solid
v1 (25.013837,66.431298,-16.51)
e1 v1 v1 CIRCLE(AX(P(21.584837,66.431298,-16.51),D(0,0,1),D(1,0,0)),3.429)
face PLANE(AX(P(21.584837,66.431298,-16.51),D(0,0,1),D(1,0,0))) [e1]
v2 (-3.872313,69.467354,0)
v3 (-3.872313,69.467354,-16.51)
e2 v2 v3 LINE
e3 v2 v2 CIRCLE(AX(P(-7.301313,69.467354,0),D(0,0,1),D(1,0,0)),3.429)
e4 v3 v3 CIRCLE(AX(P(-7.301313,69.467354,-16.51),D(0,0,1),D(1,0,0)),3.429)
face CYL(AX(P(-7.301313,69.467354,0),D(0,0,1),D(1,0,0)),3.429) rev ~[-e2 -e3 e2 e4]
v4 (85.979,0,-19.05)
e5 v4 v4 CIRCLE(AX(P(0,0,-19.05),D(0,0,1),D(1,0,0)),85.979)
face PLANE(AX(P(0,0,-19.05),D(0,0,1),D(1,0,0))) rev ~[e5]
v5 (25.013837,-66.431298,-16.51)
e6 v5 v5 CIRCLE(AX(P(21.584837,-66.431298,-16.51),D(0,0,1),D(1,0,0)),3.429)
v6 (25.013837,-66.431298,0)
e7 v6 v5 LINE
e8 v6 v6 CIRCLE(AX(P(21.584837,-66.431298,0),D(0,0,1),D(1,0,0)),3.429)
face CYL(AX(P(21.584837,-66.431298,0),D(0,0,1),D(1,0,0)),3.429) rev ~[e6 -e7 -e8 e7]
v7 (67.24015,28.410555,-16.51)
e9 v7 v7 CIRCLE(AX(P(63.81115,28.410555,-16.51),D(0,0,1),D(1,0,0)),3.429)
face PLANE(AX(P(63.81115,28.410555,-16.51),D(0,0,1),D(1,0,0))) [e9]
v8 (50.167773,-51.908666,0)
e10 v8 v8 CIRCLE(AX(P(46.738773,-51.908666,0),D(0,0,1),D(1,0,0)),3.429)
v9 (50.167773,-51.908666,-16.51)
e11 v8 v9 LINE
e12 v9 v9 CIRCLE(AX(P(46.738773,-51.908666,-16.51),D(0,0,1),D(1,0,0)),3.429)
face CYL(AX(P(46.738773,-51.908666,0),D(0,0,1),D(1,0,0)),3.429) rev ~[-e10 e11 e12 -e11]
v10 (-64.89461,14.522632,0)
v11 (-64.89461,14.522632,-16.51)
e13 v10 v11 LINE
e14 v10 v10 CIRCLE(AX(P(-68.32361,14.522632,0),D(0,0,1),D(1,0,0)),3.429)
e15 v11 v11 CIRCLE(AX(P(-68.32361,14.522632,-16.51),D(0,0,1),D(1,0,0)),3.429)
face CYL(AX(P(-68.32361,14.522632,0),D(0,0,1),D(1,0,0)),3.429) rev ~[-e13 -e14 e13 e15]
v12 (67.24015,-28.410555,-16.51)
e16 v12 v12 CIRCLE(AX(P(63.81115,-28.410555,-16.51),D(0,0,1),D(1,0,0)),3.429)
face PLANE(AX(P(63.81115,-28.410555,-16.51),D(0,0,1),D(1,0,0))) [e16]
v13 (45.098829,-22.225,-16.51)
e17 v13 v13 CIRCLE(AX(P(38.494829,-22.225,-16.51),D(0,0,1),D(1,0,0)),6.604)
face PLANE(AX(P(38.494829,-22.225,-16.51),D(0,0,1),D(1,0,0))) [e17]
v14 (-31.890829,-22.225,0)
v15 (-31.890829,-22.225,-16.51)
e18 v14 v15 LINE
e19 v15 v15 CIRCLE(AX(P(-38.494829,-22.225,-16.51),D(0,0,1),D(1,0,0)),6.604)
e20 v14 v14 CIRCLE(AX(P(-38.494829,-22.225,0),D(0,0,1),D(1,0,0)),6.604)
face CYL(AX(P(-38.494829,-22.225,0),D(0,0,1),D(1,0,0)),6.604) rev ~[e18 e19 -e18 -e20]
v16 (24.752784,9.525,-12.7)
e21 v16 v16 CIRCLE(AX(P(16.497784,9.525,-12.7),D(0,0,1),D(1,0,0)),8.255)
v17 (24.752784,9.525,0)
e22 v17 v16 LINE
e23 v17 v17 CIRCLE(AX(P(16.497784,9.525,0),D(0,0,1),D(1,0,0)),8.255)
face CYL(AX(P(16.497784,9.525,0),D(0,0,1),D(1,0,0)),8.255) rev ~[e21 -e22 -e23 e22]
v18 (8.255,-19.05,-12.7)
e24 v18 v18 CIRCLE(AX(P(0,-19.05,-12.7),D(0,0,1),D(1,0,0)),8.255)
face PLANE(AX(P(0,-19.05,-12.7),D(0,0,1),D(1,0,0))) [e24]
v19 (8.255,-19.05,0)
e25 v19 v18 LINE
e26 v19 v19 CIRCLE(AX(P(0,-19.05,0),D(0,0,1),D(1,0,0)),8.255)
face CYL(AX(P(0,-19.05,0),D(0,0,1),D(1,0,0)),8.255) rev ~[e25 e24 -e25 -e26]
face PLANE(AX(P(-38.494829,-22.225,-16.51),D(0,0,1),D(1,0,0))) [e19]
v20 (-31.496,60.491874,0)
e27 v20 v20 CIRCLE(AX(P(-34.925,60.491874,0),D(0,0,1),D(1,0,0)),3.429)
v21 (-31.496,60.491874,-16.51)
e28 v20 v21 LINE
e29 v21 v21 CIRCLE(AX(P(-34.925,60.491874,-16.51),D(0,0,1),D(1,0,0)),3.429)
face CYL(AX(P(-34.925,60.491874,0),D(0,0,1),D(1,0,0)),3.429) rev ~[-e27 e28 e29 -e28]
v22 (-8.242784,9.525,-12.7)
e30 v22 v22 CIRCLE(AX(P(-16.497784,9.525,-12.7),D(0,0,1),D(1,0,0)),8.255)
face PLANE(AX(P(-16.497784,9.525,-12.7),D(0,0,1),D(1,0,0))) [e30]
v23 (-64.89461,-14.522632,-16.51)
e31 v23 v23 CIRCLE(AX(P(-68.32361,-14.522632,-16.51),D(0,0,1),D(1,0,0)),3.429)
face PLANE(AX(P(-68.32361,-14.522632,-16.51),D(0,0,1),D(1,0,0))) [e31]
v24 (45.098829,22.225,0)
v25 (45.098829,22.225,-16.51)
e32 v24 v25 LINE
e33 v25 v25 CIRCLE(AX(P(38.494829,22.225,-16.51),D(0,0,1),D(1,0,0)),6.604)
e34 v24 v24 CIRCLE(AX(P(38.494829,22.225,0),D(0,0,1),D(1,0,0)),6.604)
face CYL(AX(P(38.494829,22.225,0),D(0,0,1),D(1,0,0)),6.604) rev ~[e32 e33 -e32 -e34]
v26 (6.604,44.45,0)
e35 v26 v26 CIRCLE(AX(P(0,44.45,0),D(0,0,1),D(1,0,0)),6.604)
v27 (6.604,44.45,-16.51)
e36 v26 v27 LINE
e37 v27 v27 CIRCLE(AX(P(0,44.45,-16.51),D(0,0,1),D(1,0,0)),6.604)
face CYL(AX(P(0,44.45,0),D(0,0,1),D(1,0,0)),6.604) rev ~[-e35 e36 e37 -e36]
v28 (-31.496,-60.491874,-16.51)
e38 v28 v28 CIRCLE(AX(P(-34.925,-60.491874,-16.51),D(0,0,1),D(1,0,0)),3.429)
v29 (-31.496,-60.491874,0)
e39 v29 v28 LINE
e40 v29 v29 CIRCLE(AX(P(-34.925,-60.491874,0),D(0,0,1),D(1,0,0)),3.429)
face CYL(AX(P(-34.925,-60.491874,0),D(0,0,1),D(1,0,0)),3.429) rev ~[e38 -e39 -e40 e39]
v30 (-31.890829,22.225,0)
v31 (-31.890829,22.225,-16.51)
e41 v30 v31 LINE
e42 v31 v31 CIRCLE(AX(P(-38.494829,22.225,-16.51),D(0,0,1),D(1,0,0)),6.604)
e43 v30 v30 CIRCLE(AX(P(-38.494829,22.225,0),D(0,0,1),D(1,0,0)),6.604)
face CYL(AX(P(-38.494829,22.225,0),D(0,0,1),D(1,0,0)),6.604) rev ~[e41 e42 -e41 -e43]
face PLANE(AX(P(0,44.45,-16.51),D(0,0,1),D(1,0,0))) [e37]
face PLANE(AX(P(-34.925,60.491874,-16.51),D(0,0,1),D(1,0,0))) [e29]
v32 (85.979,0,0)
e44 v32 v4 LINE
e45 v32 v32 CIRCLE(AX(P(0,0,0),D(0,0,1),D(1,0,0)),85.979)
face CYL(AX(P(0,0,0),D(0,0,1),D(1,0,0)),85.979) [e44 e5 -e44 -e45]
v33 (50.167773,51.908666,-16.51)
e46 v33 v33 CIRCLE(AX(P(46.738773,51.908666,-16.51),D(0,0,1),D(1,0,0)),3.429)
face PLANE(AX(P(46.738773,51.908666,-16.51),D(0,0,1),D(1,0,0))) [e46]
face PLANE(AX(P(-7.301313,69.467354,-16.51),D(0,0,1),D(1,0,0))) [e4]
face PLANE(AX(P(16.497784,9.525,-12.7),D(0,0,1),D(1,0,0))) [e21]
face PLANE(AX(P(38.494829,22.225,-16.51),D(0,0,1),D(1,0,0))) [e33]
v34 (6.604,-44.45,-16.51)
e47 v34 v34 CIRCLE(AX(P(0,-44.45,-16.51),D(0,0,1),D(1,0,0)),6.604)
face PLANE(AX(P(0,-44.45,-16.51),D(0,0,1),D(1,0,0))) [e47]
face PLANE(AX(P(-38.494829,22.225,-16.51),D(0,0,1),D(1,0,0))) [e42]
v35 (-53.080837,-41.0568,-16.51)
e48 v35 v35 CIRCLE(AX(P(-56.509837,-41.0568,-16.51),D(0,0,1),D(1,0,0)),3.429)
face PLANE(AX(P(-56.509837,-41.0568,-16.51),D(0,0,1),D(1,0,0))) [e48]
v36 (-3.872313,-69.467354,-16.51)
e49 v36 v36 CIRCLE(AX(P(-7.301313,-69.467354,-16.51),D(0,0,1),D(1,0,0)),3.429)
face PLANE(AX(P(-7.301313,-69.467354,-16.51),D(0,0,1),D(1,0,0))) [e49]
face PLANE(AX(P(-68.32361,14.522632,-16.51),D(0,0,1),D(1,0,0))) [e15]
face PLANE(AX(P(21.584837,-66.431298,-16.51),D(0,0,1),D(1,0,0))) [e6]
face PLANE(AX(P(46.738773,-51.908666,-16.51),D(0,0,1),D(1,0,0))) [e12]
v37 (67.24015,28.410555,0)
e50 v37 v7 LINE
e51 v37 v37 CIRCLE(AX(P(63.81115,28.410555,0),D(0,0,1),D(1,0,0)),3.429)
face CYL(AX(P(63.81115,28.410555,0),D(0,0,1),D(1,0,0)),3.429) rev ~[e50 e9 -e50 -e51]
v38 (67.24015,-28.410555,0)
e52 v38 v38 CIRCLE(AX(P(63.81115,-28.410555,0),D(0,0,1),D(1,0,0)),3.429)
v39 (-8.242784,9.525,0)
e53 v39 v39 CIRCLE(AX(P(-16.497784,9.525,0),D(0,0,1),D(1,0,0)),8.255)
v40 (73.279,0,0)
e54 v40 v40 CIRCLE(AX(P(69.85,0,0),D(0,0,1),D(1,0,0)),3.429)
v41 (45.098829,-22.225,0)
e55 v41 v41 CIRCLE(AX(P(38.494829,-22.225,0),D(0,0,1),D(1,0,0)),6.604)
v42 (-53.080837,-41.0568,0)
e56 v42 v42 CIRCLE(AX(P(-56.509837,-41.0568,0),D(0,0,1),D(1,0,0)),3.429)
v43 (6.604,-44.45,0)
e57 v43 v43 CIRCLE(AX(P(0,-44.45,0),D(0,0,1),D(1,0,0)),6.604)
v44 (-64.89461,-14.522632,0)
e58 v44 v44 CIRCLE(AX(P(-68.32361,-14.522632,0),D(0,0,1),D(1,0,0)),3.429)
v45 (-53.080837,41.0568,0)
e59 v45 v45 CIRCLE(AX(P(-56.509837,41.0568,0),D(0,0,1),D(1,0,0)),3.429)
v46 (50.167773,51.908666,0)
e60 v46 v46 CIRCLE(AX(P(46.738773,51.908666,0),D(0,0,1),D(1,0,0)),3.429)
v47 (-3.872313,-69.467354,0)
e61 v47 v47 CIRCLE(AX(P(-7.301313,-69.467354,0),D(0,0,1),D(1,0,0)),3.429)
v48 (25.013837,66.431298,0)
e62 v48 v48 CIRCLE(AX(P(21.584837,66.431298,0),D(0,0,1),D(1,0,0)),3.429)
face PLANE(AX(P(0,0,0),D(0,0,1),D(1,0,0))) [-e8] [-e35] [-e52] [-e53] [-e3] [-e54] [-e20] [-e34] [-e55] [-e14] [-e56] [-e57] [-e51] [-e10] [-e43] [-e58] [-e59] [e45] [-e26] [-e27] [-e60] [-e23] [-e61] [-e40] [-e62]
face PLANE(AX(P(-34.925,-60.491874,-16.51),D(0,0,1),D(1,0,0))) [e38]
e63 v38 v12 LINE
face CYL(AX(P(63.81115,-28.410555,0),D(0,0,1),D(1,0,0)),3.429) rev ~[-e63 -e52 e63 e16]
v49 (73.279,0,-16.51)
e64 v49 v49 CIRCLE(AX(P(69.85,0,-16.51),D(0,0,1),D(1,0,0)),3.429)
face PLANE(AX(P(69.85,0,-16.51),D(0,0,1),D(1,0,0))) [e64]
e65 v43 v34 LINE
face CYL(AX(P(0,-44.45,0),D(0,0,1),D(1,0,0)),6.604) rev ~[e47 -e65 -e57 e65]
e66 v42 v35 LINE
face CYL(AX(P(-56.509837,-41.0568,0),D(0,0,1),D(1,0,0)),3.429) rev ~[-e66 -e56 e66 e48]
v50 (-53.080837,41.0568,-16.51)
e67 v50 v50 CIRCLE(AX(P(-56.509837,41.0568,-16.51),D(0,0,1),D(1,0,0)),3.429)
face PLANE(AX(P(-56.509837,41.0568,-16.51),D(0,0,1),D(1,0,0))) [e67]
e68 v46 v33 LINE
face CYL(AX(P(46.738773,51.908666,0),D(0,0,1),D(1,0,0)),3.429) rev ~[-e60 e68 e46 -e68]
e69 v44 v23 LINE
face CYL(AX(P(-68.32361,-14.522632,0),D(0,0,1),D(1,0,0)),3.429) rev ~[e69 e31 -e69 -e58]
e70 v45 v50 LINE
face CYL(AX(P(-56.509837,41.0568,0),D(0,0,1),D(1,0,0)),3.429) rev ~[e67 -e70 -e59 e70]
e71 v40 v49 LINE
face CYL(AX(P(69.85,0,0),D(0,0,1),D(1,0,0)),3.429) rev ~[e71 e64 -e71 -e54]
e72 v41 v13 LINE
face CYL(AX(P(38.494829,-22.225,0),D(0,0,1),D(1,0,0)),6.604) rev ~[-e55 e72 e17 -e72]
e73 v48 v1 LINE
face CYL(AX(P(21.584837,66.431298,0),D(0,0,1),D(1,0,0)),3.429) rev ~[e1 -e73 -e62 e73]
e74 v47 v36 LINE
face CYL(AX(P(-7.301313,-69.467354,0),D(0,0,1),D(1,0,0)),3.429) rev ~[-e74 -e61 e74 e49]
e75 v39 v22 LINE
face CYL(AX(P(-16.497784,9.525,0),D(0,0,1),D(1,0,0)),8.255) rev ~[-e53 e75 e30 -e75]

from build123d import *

# Parameters (mm, degrees)
F0_R     = 85.979
F0_R_2   = 3.429
F0_R_3   = 6.604
F0_R_4   = 8.255
F1_DEPTH = 19.05
F2_DEPTH = 16.51
F3_DEPTH = 12.7


with BuildPart() as f1:
    # F0 (on Top) → F1 (new body)
    with BuildSketch(Plane.XY):
        Circle(F0_R)
        with Locations((-7.301313, -69.467354)):
            Circle(F0_R_2, mode=Mode.SUBTRACT)
        with Locations((-34.925, -60.491874)):
            Circle(F0_R_2, mode=Mode.SUBTRACT)
        with Locations((-56.509837, -41.0568)):
            Circle(F0_R_2, mode=Mode.SUBTRACT)
        with Locations((-68.32361, -14.522632)):
            Circle(F0_R_2, mode=Mode.SUBTRACT)
        with Locations((-38.494829, -22.225)):
            Circle(F0_R_3, mode=Mode.SUBTRACT)
        with Locations((21.584837, -66.431298)):
            Circle(F0_R_2, mode=Mode.SUBTRACT)
        with Locations((0, -44.45)):
            Circle(F0_R_3, mode=Mode.SUBTRACT)
        with Locations((46.738773, -51.908666)):
            Circle(F0_R_2, mode=Mode.SUBTRACT)
        with Locations((38.494829, -22.225)):
            Circle(F0_R_3, mode=Mode.SUBTRACT)
        with Locations((0, -19.05)):
            Circle(F0_R_4, mode=Mode.SUBTRACT)
        with Locations((63.81115, -28.410555)):
            Circle(F0_R_2, mode=Mode.SUBTRACT)
        with Locations((-68.32361, 14.522632)):
            Circle(F0_R_2, mode=Mode.SUBTRACT)
        with Locations((-56.509837, 41.0568)):
            Circle(F0_R_2, mode=Mode.SUBTRACT)
        with Locations((-16.497784, 9.525)):
            Circle(F0_R_4, mode=Mode.SUBTRACT)
        with Locations((-38.494829, 22.225)):
            Circle(F0_R_3, mode=Mode.SUBTRACT)
        with Locations((-34.925, 60.491874)):
            Circle(F0_R_2, mode=Mode.SUBTRACT)
        with Locations((-7.301313, 69.467354)):
            Circle(F0_R_2, mode=Mode.SUBTRACT)
        with Locations((16.497784, 9.525)):
            Circle(F0_R_4, mode=Mode.SUBTRACT)
        with Locations((38.494829, 22.225)):
            Circle(F0_R_3, mode=Mode.SUBTRACT)
        with Locations((69.85, 0)):
            Circle(F0_R_2, mode=Mode.SUBTRACT)
        with Locations((63.81115, 28.410555)):
            Circle(F0_R_2, mode=Mode.SUBTRACT)
        with Locations((0, 44.45)):
            Circle(F0_R_3, mode=Mode.SUBTRACT)
        with Locations((21.584837, 66.431298)):
            Circle(F0_R_2, mode=Mode.SUBTRACT)
        with Locations((46.738773, 51.908666)):
            Circle(F0_R_2, mode=Mode.SUBTRACT)
        with Locations((-68.32361, 14.522632)):
            Circle(F0_R_2)
        with Locations((-68.32361, -14.522632)):
            Circle(F0_R_2)
        with Locations((-56.509837, -41.0568)):
            Circle(F0_R_2)
        with Locations((-34.925, -60.491874)):
            Circle(F0_R_2)
        with Locations((-7.301313, -69.467354)):
            Circle(F0_R_2)
        with Locations((21.584837, -66.431298)):
            Circle(F0_R_2)
        with Locations((46.738773, -51.908666)):
            Circle(F0_R_2)
        with Locations((63.81115, -28.410555)):
            Circle(F0_R_2)
        with Locations((69.85, 0)):
            Circle(F0_R_2)
        with Locations((63.81115, 28.410555)):
            Circle(F0_R_2)
        with Locations((46.738773, 51.908666)):
            Circle(F0_R_2)
        with Locations((21.584837, 66.431298)):
            Circle(F0_R_2)
        with Locations((-7.301313, 69.467354)):
            Circle(F0_R_2)
        with Locations((-34.925, 60.491874)):
            Circle(F0_R_2)
        with Locations((-56.509837, 41.0568)):
            Circle(F0_R_2)
        with Locations((-38.494829, 22.225)):
            Circle(F0_R_3)
        with Locations((-38.494829, -22.225)):
            Circle(F0_R_3)
        with Locations((0, -44.45)):
            Circle(F0_R_3)
        with Locations((0, -19.05)):
            Circle(F0_R_4)
        with Locations((-16.497784, 9.525)):
            Circle(F0_R_4)
        with Locations((16.497784, 9.525)):
            Circle(F0_R_4)
        with Locations((38.494829, -22.225)):
            Circle(F0_R_3)
        with Locations((38.494829, 22.225)):
            Circle(F0_R_3)
        with Locations((0, 44.45)):
            Circle(F0_R_3)
    extrude(amount=-F1_DEPTH)

    # F0 (on Top) → F2 (cut)
    with BuildSketch(Plane.XY):
        with Locations((-68.32361, 14.522632)):
            Circle(F0_R_2)
        with Locations((-68.32361, -14.522632)):
            Circle(F0_R_2)
        with Locations((-56.509837, -41.0568)):
            Circle(F0_R_2)
        with Locations((-34.925, -60.491874)):
            Circle(F0_R_2)
        with Locations((-7.301313, -69.467354)):
            Circle(F0_R_2)
        with Locations((21.584837, -66.431298)):
            Circle(F0_R_2)
        with Locations((46.738773, -51.908666)):
            Circle(F0_R_2)
        with Locations((63.81115, -28.410555)):
            Circle(F0_R_2)
        with Locations((69.85, 0)):
            Circle(F0_R_2)
        with Locations((63.81115, 28.410555)):
            Circle(F0_R_2)
        with Locations((46.738773, 51.908666)):
            Circle(F0_R_2)
        with Locations((21.584837, 66.431298)):
            Circle(F0_R_2)
        with Locations((-7.301313, 69.467354)):
            Circle(F0_R_2)
        with Locations((-34.925, 60.491874)):
            Circle(F0_R_2)
        with Locations((-56.509837, 41.0568)):
            Circle(F0_R_2)
        with Locations((-38.494829, -22.225)):
            Circle(F0_R_3)
        with Locations((0, -44.45)):
            Circle(F0_R_3)
        with Locations((38.494829, -22.225)):
            Circle(F0_R_3)
        with Locations((38.494829, 22.225)):
            Circle(F0_R_3)
        with Locations((0, 44.45)):
            Circle(F0_R_3)
        with Locations((-38.494829, 22.225)):
            Circle(F0_R_3)
    extrude(amount=-F2_DEPTH, mode=Mode.SUBTRACT)

    # F0 (on Top) → F3 (cut)
    with BuildSketch(Plane.XY):
        with Locations((-16.497784, 9.525)):
            Circle(F0_R_4)
        with Locations((0, -19.05)):
            Circle(F0_R_4)
        with Locations((16.497784, 9.525)):
            Circle(F0_R_4)
    extrude(amount=-F3_DEPTH, mode=Mode.SUBTRACT)


solid = f1.part
